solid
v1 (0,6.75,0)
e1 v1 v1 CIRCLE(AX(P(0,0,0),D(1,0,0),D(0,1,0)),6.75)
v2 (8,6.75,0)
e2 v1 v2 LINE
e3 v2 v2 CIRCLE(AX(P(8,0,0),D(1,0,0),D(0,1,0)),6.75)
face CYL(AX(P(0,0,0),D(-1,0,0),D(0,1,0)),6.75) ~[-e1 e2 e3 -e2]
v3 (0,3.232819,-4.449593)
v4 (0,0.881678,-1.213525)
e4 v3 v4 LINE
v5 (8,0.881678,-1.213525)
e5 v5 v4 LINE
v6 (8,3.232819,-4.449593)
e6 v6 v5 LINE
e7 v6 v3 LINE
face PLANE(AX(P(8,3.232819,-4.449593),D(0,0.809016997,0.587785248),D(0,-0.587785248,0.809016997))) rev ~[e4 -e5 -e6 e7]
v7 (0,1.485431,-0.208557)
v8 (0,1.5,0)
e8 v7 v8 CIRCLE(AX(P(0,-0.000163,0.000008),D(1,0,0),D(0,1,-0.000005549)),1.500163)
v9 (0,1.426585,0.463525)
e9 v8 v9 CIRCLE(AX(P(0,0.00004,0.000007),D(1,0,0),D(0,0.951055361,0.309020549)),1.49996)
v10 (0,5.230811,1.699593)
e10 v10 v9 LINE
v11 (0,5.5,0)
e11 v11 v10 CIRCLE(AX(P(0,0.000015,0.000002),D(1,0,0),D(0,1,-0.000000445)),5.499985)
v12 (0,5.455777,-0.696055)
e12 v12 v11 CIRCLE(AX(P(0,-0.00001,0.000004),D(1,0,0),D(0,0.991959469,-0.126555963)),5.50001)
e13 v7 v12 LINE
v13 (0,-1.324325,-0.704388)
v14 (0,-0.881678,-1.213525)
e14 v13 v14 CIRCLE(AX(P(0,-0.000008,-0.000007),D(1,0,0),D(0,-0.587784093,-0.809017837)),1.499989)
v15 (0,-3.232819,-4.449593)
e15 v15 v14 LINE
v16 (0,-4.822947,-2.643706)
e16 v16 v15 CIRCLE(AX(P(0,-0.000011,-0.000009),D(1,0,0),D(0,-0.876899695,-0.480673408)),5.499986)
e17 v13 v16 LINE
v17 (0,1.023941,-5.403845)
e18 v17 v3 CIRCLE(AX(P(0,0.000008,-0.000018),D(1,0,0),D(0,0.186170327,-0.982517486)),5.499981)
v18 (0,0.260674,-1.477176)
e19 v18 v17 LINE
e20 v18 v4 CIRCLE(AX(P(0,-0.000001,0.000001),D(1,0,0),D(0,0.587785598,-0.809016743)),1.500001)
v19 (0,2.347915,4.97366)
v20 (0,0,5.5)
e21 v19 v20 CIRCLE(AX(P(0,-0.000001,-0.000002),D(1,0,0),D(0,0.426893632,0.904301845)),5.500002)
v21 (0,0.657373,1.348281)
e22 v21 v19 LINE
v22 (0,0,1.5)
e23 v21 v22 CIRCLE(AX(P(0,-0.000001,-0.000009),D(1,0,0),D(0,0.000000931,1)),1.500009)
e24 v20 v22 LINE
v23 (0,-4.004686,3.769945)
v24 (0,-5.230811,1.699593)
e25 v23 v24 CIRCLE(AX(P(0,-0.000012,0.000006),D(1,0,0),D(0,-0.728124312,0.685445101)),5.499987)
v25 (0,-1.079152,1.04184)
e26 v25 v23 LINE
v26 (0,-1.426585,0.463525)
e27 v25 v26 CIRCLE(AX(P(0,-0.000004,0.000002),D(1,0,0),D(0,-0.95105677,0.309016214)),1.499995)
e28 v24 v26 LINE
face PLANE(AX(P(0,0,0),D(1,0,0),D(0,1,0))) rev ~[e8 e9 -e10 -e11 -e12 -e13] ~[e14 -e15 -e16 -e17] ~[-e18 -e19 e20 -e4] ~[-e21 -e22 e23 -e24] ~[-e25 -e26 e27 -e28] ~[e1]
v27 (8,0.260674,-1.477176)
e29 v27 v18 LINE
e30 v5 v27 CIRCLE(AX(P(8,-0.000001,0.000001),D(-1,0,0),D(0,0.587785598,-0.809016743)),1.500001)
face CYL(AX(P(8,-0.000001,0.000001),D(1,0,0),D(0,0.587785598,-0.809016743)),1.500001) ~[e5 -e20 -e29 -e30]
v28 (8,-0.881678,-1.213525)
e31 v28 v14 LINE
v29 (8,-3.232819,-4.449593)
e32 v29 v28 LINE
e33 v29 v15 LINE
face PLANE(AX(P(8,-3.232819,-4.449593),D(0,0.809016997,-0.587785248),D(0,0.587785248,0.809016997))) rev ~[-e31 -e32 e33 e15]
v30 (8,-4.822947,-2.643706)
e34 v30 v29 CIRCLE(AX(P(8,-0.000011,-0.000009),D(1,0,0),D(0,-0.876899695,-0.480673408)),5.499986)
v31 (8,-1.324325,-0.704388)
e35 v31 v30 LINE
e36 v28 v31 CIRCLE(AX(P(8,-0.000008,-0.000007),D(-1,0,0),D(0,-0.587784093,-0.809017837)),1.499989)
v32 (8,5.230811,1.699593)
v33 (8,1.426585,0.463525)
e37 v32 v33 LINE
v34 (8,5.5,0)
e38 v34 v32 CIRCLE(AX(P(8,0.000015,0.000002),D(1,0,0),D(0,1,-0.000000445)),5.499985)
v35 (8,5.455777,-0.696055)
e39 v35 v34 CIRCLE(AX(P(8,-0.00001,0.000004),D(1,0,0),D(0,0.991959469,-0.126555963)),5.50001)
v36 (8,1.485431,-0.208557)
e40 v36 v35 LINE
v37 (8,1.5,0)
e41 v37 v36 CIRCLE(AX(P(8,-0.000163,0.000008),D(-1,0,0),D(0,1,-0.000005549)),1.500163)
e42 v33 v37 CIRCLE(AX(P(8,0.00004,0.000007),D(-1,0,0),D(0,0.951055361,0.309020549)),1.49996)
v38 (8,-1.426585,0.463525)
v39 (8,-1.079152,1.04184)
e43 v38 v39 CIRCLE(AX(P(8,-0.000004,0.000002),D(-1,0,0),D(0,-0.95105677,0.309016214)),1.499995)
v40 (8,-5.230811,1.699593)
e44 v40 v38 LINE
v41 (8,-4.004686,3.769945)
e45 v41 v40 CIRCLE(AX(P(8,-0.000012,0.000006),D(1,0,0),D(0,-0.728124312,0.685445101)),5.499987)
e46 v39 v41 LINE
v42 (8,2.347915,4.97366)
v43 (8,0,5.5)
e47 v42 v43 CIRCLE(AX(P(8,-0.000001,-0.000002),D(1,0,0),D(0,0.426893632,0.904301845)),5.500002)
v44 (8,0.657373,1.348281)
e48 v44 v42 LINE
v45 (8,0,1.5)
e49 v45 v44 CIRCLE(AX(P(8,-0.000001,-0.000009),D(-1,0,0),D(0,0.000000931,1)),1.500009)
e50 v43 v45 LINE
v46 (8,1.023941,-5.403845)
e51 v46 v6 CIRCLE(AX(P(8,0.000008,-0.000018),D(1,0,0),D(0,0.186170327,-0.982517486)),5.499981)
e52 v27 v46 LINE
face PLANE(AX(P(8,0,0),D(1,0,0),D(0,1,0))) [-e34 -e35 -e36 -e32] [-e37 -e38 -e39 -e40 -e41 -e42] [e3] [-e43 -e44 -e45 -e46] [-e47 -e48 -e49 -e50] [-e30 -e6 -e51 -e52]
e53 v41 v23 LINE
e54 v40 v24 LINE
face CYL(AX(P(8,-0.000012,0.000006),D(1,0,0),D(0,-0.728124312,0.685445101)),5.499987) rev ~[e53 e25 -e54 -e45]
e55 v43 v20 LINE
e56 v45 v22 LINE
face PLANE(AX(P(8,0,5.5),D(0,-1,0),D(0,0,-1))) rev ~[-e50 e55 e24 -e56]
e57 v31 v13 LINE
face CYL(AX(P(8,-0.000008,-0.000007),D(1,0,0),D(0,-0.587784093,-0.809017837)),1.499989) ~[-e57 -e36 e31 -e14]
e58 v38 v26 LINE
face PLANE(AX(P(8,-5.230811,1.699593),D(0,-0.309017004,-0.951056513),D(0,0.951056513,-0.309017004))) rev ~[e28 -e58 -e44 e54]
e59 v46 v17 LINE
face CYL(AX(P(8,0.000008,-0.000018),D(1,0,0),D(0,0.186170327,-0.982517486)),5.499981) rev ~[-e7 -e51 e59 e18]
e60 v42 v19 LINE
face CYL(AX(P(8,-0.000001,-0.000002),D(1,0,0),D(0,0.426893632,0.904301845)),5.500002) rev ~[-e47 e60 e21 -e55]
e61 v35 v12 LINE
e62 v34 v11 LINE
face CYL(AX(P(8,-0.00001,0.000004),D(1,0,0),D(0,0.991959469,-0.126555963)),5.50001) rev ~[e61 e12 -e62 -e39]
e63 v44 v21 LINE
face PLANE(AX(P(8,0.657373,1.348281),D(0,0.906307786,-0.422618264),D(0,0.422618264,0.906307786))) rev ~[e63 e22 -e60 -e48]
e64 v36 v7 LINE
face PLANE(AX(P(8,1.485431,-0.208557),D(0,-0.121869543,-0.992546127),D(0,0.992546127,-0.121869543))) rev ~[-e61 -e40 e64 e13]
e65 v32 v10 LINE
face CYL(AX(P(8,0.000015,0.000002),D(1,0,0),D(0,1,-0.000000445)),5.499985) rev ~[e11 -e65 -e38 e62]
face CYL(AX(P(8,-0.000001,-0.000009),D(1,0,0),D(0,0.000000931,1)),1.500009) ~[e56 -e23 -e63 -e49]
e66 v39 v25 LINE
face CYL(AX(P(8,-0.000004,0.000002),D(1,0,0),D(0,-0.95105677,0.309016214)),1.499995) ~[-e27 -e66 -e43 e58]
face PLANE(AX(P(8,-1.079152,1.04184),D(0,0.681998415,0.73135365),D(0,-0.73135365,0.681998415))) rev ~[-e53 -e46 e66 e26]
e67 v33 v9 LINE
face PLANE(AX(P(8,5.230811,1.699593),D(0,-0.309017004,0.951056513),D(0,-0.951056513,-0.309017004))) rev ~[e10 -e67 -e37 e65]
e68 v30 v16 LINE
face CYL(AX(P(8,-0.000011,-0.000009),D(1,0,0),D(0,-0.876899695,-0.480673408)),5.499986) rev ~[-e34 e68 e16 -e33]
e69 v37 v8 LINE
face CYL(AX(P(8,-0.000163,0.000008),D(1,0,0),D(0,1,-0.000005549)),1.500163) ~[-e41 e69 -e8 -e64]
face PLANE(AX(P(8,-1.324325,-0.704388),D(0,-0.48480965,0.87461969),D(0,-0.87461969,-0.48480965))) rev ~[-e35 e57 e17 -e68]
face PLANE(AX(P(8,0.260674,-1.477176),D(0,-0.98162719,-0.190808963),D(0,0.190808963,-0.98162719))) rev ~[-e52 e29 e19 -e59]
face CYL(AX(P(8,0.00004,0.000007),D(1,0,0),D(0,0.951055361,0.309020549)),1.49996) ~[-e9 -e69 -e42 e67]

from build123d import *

# Parameters (mm, degrees)
F0_R     = 6.75
F1_DEPTH = 8
F3_DEPTH = 8.001


with BuildPart() as f1:
    # F0 (on Right) → F1 (new body)
    with BuildSketch(Plane.YZ):
        Circle(F0_R)
    extrude(amount=F1_DEPTH)

    # F2 (on face) → F3 (cut, through all)
    with BuildSketch(Plane.YZ.offset(8)):
        with BuildLine():
            Line((-1.079152, 1.04184), (-4.004686, 3.769945))
            ThreePointArc((-4.004686, 3.769945), (-4.732356, 2.802643), (-5.230811, 1.699593))
            Line((-5.230811, 1.699593), (-1.426585, 0.463525))
            ThreePointArc((-1.426585, 0.463525), (-1.285804, 0.772469), (-1.079152, 1.04184))
        make_face()
        with BuildLine():
            Line((0.657373, 1.348281), (2.347915, 4.97366))
            ThreePointArc((2.347915, 4.97366), (1.203094, 5.366802), (0, 5.5))
            Line((0, 5.5), (0, 1.5))
            ThreePointArc((0, 1.5), (0.337327, 1.461578), (0.657373, 1.348281))
        make_face()
        with BuildLine():
            ThreePointArc((5.455777, -0.696055), (5.488933, -0.348729), (5.5, 0))
            ThreePointArc((5.5, 0), (5.432286, 0.86039), (5.230811, 1.699593))
            Line((5.230811, 1.699593), (1.426585, 0.463525))
            ThreePointArc((1.426585, 0.463525), (1.481533, 0.234652), (1.5, 0))
            ThreePointArc((1.5, 0), (1.496353, -0.104533), (1.485431, -0.208557))
            Line((1.485431, -0.208557), (5.455777, -0.696055))
        make_face()
        with BuildLine():
            ThreePointArc((1.023941, -5.403845), (2.181204, -5.048995), (3.232819, -4.449593))
            Line((3.232819, -4.449593), (0.881678, -1.213525))
            ThreePointArc((0.881678, -1.213525), (0.586191, -1.380717), (0.260674, -1.477176))
            Line((0.260674, -1.477176), (1.023941, -5.403845))
        make_face()
        with BuildLine():
            ThreePointArc((-4.822947, -2.643706), (-4.127851, -3.634673), (-3.232819, -4.449593))
            Line((-3.232819, -4.449593), (-0.881678, -1.213525))
            ThreePointArc((-0.881678, -1.213525), (-1.131997, -0.984166), (-1.324325, -0.704388))
            Line((-1.324325, -0.704388), (-4.822947, -2.643706))
        make_face()
    extrude(amount=-F3_DEPTH, mode=Mode.SUBTRACT)


solid = f1.part
